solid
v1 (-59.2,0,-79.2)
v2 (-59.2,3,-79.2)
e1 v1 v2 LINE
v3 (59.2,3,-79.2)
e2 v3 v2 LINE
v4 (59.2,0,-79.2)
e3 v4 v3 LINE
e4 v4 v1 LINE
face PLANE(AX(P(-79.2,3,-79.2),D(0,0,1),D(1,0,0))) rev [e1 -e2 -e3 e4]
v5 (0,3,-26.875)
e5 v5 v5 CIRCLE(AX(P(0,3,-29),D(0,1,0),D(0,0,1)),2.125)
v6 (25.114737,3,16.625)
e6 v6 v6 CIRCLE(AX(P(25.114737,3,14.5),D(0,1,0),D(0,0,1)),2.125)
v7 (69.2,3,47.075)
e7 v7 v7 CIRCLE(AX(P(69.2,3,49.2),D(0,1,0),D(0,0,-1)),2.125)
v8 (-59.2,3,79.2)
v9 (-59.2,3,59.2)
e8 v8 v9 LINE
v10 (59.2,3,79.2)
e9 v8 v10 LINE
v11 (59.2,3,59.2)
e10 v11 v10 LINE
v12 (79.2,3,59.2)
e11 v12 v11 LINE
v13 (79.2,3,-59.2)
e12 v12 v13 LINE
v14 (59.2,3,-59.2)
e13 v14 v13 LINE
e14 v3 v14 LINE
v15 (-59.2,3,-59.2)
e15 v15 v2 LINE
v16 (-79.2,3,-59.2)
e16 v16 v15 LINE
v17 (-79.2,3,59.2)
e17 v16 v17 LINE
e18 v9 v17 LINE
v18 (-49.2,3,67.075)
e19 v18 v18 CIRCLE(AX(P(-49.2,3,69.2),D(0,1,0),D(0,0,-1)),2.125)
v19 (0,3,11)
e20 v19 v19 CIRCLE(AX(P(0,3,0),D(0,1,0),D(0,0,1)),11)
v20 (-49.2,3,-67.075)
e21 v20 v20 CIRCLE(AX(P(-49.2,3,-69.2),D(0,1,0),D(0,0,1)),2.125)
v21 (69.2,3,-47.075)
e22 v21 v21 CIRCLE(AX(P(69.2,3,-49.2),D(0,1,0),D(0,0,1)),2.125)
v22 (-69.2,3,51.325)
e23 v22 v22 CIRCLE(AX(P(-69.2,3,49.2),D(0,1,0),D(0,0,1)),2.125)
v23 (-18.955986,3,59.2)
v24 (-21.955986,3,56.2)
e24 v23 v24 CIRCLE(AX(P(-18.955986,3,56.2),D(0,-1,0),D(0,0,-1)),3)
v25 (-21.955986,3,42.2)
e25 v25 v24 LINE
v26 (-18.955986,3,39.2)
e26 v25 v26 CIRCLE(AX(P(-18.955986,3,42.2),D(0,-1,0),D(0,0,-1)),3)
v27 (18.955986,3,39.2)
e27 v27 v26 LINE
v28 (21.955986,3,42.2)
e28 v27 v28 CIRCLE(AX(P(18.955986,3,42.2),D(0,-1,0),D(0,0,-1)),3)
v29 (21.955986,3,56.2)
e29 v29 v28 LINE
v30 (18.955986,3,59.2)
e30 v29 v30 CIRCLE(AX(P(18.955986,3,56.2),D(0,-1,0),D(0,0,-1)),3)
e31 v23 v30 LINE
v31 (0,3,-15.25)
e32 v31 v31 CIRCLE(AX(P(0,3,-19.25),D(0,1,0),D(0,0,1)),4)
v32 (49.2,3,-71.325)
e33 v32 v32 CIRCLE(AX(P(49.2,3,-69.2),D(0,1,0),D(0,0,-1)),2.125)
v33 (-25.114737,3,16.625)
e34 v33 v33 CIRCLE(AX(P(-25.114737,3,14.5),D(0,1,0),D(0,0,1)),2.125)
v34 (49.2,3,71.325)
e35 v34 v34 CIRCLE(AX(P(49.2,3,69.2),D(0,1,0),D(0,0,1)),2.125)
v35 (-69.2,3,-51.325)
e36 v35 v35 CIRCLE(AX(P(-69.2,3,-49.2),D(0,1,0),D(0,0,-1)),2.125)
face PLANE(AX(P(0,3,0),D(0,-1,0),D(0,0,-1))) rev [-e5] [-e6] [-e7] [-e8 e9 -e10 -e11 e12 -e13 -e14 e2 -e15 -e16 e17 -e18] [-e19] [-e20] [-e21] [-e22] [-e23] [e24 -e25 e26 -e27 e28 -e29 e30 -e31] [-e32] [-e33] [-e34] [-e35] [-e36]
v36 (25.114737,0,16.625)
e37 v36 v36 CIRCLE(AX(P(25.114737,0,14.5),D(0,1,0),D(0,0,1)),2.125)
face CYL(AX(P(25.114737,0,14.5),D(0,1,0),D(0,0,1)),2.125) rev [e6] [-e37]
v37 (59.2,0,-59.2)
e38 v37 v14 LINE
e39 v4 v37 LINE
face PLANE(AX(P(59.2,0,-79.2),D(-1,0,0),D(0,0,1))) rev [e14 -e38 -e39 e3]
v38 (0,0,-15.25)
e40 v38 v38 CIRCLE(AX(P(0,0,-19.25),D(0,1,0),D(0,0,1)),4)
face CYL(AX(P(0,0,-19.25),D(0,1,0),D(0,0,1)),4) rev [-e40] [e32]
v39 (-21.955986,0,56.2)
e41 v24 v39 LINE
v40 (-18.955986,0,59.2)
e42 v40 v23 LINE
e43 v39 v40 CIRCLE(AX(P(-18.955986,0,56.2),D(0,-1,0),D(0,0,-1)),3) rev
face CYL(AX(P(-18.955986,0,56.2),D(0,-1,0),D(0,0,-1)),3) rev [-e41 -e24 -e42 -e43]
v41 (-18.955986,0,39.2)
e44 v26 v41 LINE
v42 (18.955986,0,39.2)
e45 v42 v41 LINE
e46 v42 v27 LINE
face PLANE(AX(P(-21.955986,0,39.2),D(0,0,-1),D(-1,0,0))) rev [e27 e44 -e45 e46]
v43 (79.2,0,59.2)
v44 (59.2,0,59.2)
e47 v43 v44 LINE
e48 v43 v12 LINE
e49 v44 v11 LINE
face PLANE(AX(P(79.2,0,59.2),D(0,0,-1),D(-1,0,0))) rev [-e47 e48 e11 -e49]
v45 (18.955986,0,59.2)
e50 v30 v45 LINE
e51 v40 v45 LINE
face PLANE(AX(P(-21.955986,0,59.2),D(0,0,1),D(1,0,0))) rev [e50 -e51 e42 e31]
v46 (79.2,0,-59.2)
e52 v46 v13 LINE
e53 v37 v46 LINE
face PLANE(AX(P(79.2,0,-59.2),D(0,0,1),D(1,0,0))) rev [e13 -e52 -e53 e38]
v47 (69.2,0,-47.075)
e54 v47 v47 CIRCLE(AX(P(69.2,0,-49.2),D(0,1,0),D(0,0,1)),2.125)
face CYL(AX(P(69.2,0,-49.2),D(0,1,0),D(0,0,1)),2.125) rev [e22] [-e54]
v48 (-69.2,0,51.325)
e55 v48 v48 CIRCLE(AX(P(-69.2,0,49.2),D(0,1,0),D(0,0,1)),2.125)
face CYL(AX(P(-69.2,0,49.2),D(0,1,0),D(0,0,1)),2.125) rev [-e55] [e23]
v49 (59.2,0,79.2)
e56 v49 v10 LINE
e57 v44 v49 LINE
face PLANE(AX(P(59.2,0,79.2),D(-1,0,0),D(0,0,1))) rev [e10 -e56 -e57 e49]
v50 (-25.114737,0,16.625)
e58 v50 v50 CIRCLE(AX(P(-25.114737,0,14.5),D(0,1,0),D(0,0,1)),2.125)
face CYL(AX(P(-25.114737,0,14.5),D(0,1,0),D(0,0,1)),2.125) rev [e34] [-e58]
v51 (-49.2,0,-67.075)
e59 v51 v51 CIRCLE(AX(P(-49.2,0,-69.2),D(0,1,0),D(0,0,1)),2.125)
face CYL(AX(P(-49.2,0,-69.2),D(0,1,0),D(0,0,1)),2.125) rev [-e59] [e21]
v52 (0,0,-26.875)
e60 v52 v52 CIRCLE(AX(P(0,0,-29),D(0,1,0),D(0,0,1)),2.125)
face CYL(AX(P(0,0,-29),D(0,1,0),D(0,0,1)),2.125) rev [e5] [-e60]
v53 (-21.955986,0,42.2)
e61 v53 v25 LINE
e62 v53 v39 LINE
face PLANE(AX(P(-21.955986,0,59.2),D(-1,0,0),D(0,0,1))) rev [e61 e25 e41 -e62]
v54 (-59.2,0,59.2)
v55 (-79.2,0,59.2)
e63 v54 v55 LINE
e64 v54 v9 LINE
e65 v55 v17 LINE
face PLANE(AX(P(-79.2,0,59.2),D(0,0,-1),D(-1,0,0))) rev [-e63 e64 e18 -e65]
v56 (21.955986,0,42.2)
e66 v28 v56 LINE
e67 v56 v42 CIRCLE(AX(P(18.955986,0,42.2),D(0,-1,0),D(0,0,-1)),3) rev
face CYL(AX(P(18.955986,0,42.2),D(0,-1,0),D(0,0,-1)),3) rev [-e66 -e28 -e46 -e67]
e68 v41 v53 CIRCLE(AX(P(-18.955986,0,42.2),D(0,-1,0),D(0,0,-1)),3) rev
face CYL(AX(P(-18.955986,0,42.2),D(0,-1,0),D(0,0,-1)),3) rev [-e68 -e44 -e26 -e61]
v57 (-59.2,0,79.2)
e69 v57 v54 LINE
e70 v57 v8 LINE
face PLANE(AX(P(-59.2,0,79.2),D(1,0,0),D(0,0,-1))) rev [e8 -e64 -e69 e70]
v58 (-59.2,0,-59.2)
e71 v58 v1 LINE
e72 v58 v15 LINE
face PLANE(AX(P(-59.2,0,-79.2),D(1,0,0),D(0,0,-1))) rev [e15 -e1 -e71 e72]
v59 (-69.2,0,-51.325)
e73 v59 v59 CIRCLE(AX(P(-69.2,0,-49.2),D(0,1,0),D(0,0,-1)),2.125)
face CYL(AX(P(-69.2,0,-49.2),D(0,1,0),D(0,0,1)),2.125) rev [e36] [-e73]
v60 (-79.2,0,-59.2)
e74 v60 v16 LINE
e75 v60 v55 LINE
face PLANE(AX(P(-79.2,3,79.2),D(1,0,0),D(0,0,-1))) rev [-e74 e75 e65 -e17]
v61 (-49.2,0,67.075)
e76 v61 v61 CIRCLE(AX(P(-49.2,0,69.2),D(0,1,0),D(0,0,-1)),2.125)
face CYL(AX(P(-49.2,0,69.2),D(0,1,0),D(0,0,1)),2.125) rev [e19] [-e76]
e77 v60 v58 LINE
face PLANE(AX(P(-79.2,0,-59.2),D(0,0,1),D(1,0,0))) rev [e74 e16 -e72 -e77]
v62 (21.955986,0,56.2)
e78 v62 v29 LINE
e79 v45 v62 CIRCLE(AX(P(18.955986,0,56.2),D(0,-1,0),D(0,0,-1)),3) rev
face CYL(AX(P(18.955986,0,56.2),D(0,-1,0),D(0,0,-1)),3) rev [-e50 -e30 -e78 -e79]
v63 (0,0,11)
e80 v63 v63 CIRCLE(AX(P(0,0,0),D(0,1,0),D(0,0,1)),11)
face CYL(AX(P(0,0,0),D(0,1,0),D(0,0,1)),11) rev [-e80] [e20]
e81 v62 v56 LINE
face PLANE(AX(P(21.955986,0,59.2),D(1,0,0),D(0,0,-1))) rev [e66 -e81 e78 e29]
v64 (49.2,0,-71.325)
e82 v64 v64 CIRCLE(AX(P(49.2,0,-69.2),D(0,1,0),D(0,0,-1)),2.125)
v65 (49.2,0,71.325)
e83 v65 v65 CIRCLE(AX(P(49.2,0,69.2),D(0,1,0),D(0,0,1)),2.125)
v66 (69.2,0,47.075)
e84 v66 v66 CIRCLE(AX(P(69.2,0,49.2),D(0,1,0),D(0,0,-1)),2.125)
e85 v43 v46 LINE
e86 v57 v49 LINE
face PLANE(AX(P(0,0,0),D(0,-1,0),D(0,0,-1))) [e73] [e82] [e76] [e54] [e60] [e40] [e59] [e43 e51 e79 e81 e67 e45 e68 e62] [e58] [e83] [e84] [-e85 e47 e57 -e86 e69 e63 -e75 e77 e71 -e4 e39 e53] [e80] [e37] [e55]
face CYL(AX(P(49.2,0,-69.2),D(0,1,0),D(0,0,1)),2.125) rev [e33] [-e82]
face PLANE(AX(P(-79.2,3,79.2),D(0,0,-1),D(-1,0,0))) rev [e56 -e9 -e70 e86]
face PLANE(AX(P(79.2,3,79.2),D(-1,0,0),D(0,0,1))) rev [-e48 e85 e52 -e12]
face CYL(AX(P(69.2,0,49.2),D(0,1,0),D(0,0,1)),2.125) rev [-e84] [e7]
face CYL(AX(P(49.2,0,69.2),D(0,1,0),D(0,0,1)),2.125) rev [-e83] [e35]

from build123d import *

# Parameters (mm, degrees)
SKETCH1_W           = 158.4
SKETCH1_H           = 158.4
BOSS_EXTRUDE1_DEPTH = 3
SKETCH2_R           = 2.125
SKETCH2_R_2         = 11
SKETCH2_R_3         = 4
SKETCH2_W           = 43.911972264
SKETCH2_H           = 20
CUT_EXTRUDE3_DEPTH  = 113.045883459
SKETCH3_W           = 20
SKETCH3_H           = 20
CUT_EXTRUDE4_DEPTH  = 113.045883459
FILLET1_R           = 3


with BuildPart() as part:
    # Sketch1 → Boss-Extrude1 (new body)
    with BuildSketch(Plane(origin=(0, 0, 0), x_dir=(1, 0, 0), z_dir=(0, 1, 0))):
        Rectangle(SKETCH1_W, SKETCH1_H)
    extrude(amount=BOSS_EXTRUDE1_DEPTH)

    # Sketch2 → Cut-Extrude3 (cut, through all)
    with BuildSketch(Plane(origin=(0, 3, 0), x_dir=(1, 0, 0), z_dir=(0, 1, 0))):
        with Locations(Location((-69.2, -49.2, 0), (0, 0, 270))):
            Circle(SKETCH2_R)
        with Locations(Location((-69.2, 49.2, 0), (0, 0, 90))):
            Circle(SKETCH2_R)
        with Locations(Location((-49.2, 69.2, 0), (0, 0, 270))):
            Circle(SKETCH2_R)
        with Locations(Location((49.2, 69.2, 0), (0, 0, 90))):
            Circle(SKETCH2_R)
        with Locations(Location((69.2, 49.2, 0), (0, 0, 270))):
            Circle(SKETCH2_R)
        with Locations(Location((69.2, -49.2, 0), (0, 0, 90))):
            Circle(SKETCH2_R)
        with Locations(Location((49.2, -69.2, 0), (0, 0, 270))):
            Circle(SKETCH2_R)
        with Locations(Location((-49.2, -69.2, 0), (0, 0, 90))):
            Circle(SKETCH2_R)
        with Locations(Location((0, 0, 0), (0, 0, 270))):
            Circle(SKETCH2_R_2)
        with Locations(Location((0, 29, 0), (0, 0, 270))):
            Circle(SKETCH2_R)
        with Locations(Location((25.11473671, -14.5, 0), (0, 0, 270))):
            Circle(SKETCH2_R)
        with Locations(Location((-25.11473671, -14.5, 0), (0, 0, 270))):
            Circle(SKETCH2_R)
        with Locations(Location((0, 19.25, 0), (0, 0, 270))):
            Circle(SKETCH2_R_3)
        with Locations((0, -49.2)):
            Rectangle(SKETCH2_W, SKETCH2_H)
    extrude(amount=-CUT_EXTRUDE3_DEPTH, mode=Mode.SUBTRACT)

    # Sketch3 → Cut-Extrude4 (cut, through all)
    with BuildSketch(Plane(origin=(0, 3, 0), x_dir=(1, 0, 0), z_dir=(0, 1, 0))):
        with Locations((69.2, 69.2)):
            Rectangle(SKETCH3_W, SKETCH3_H)
        with Locations((-69.2, 69.2)):
            Rectangle(SKETCH3_W, SKETCH3_H)
        with Locations((69.2, -69.2)):
            Rectangle(SKETCH3_W, SKETCH3_H)
        with Locations((-69.2, -69.2)):
            Rectangle(SKETCH3_W, SKETCH3_H)
    extrude(amount=-CUT_EXTRUDE4_DEPTH, mode=Mode.SUBTRACT)

    # Fillet1
    fillet1_edges = [part.edges().sort_by_distance(p)[0] for p in [
        (21.955986132, 1.5, 39.2),
        (21.955986132, 1.5, 59.2),
        (-21.955986132, 1.5, 59.2),
        (-21.955986132, 1.5, 39.2),
    ]]
    fillet(fillet1_edges, radius=FILLET1_R)


solid = part.part
